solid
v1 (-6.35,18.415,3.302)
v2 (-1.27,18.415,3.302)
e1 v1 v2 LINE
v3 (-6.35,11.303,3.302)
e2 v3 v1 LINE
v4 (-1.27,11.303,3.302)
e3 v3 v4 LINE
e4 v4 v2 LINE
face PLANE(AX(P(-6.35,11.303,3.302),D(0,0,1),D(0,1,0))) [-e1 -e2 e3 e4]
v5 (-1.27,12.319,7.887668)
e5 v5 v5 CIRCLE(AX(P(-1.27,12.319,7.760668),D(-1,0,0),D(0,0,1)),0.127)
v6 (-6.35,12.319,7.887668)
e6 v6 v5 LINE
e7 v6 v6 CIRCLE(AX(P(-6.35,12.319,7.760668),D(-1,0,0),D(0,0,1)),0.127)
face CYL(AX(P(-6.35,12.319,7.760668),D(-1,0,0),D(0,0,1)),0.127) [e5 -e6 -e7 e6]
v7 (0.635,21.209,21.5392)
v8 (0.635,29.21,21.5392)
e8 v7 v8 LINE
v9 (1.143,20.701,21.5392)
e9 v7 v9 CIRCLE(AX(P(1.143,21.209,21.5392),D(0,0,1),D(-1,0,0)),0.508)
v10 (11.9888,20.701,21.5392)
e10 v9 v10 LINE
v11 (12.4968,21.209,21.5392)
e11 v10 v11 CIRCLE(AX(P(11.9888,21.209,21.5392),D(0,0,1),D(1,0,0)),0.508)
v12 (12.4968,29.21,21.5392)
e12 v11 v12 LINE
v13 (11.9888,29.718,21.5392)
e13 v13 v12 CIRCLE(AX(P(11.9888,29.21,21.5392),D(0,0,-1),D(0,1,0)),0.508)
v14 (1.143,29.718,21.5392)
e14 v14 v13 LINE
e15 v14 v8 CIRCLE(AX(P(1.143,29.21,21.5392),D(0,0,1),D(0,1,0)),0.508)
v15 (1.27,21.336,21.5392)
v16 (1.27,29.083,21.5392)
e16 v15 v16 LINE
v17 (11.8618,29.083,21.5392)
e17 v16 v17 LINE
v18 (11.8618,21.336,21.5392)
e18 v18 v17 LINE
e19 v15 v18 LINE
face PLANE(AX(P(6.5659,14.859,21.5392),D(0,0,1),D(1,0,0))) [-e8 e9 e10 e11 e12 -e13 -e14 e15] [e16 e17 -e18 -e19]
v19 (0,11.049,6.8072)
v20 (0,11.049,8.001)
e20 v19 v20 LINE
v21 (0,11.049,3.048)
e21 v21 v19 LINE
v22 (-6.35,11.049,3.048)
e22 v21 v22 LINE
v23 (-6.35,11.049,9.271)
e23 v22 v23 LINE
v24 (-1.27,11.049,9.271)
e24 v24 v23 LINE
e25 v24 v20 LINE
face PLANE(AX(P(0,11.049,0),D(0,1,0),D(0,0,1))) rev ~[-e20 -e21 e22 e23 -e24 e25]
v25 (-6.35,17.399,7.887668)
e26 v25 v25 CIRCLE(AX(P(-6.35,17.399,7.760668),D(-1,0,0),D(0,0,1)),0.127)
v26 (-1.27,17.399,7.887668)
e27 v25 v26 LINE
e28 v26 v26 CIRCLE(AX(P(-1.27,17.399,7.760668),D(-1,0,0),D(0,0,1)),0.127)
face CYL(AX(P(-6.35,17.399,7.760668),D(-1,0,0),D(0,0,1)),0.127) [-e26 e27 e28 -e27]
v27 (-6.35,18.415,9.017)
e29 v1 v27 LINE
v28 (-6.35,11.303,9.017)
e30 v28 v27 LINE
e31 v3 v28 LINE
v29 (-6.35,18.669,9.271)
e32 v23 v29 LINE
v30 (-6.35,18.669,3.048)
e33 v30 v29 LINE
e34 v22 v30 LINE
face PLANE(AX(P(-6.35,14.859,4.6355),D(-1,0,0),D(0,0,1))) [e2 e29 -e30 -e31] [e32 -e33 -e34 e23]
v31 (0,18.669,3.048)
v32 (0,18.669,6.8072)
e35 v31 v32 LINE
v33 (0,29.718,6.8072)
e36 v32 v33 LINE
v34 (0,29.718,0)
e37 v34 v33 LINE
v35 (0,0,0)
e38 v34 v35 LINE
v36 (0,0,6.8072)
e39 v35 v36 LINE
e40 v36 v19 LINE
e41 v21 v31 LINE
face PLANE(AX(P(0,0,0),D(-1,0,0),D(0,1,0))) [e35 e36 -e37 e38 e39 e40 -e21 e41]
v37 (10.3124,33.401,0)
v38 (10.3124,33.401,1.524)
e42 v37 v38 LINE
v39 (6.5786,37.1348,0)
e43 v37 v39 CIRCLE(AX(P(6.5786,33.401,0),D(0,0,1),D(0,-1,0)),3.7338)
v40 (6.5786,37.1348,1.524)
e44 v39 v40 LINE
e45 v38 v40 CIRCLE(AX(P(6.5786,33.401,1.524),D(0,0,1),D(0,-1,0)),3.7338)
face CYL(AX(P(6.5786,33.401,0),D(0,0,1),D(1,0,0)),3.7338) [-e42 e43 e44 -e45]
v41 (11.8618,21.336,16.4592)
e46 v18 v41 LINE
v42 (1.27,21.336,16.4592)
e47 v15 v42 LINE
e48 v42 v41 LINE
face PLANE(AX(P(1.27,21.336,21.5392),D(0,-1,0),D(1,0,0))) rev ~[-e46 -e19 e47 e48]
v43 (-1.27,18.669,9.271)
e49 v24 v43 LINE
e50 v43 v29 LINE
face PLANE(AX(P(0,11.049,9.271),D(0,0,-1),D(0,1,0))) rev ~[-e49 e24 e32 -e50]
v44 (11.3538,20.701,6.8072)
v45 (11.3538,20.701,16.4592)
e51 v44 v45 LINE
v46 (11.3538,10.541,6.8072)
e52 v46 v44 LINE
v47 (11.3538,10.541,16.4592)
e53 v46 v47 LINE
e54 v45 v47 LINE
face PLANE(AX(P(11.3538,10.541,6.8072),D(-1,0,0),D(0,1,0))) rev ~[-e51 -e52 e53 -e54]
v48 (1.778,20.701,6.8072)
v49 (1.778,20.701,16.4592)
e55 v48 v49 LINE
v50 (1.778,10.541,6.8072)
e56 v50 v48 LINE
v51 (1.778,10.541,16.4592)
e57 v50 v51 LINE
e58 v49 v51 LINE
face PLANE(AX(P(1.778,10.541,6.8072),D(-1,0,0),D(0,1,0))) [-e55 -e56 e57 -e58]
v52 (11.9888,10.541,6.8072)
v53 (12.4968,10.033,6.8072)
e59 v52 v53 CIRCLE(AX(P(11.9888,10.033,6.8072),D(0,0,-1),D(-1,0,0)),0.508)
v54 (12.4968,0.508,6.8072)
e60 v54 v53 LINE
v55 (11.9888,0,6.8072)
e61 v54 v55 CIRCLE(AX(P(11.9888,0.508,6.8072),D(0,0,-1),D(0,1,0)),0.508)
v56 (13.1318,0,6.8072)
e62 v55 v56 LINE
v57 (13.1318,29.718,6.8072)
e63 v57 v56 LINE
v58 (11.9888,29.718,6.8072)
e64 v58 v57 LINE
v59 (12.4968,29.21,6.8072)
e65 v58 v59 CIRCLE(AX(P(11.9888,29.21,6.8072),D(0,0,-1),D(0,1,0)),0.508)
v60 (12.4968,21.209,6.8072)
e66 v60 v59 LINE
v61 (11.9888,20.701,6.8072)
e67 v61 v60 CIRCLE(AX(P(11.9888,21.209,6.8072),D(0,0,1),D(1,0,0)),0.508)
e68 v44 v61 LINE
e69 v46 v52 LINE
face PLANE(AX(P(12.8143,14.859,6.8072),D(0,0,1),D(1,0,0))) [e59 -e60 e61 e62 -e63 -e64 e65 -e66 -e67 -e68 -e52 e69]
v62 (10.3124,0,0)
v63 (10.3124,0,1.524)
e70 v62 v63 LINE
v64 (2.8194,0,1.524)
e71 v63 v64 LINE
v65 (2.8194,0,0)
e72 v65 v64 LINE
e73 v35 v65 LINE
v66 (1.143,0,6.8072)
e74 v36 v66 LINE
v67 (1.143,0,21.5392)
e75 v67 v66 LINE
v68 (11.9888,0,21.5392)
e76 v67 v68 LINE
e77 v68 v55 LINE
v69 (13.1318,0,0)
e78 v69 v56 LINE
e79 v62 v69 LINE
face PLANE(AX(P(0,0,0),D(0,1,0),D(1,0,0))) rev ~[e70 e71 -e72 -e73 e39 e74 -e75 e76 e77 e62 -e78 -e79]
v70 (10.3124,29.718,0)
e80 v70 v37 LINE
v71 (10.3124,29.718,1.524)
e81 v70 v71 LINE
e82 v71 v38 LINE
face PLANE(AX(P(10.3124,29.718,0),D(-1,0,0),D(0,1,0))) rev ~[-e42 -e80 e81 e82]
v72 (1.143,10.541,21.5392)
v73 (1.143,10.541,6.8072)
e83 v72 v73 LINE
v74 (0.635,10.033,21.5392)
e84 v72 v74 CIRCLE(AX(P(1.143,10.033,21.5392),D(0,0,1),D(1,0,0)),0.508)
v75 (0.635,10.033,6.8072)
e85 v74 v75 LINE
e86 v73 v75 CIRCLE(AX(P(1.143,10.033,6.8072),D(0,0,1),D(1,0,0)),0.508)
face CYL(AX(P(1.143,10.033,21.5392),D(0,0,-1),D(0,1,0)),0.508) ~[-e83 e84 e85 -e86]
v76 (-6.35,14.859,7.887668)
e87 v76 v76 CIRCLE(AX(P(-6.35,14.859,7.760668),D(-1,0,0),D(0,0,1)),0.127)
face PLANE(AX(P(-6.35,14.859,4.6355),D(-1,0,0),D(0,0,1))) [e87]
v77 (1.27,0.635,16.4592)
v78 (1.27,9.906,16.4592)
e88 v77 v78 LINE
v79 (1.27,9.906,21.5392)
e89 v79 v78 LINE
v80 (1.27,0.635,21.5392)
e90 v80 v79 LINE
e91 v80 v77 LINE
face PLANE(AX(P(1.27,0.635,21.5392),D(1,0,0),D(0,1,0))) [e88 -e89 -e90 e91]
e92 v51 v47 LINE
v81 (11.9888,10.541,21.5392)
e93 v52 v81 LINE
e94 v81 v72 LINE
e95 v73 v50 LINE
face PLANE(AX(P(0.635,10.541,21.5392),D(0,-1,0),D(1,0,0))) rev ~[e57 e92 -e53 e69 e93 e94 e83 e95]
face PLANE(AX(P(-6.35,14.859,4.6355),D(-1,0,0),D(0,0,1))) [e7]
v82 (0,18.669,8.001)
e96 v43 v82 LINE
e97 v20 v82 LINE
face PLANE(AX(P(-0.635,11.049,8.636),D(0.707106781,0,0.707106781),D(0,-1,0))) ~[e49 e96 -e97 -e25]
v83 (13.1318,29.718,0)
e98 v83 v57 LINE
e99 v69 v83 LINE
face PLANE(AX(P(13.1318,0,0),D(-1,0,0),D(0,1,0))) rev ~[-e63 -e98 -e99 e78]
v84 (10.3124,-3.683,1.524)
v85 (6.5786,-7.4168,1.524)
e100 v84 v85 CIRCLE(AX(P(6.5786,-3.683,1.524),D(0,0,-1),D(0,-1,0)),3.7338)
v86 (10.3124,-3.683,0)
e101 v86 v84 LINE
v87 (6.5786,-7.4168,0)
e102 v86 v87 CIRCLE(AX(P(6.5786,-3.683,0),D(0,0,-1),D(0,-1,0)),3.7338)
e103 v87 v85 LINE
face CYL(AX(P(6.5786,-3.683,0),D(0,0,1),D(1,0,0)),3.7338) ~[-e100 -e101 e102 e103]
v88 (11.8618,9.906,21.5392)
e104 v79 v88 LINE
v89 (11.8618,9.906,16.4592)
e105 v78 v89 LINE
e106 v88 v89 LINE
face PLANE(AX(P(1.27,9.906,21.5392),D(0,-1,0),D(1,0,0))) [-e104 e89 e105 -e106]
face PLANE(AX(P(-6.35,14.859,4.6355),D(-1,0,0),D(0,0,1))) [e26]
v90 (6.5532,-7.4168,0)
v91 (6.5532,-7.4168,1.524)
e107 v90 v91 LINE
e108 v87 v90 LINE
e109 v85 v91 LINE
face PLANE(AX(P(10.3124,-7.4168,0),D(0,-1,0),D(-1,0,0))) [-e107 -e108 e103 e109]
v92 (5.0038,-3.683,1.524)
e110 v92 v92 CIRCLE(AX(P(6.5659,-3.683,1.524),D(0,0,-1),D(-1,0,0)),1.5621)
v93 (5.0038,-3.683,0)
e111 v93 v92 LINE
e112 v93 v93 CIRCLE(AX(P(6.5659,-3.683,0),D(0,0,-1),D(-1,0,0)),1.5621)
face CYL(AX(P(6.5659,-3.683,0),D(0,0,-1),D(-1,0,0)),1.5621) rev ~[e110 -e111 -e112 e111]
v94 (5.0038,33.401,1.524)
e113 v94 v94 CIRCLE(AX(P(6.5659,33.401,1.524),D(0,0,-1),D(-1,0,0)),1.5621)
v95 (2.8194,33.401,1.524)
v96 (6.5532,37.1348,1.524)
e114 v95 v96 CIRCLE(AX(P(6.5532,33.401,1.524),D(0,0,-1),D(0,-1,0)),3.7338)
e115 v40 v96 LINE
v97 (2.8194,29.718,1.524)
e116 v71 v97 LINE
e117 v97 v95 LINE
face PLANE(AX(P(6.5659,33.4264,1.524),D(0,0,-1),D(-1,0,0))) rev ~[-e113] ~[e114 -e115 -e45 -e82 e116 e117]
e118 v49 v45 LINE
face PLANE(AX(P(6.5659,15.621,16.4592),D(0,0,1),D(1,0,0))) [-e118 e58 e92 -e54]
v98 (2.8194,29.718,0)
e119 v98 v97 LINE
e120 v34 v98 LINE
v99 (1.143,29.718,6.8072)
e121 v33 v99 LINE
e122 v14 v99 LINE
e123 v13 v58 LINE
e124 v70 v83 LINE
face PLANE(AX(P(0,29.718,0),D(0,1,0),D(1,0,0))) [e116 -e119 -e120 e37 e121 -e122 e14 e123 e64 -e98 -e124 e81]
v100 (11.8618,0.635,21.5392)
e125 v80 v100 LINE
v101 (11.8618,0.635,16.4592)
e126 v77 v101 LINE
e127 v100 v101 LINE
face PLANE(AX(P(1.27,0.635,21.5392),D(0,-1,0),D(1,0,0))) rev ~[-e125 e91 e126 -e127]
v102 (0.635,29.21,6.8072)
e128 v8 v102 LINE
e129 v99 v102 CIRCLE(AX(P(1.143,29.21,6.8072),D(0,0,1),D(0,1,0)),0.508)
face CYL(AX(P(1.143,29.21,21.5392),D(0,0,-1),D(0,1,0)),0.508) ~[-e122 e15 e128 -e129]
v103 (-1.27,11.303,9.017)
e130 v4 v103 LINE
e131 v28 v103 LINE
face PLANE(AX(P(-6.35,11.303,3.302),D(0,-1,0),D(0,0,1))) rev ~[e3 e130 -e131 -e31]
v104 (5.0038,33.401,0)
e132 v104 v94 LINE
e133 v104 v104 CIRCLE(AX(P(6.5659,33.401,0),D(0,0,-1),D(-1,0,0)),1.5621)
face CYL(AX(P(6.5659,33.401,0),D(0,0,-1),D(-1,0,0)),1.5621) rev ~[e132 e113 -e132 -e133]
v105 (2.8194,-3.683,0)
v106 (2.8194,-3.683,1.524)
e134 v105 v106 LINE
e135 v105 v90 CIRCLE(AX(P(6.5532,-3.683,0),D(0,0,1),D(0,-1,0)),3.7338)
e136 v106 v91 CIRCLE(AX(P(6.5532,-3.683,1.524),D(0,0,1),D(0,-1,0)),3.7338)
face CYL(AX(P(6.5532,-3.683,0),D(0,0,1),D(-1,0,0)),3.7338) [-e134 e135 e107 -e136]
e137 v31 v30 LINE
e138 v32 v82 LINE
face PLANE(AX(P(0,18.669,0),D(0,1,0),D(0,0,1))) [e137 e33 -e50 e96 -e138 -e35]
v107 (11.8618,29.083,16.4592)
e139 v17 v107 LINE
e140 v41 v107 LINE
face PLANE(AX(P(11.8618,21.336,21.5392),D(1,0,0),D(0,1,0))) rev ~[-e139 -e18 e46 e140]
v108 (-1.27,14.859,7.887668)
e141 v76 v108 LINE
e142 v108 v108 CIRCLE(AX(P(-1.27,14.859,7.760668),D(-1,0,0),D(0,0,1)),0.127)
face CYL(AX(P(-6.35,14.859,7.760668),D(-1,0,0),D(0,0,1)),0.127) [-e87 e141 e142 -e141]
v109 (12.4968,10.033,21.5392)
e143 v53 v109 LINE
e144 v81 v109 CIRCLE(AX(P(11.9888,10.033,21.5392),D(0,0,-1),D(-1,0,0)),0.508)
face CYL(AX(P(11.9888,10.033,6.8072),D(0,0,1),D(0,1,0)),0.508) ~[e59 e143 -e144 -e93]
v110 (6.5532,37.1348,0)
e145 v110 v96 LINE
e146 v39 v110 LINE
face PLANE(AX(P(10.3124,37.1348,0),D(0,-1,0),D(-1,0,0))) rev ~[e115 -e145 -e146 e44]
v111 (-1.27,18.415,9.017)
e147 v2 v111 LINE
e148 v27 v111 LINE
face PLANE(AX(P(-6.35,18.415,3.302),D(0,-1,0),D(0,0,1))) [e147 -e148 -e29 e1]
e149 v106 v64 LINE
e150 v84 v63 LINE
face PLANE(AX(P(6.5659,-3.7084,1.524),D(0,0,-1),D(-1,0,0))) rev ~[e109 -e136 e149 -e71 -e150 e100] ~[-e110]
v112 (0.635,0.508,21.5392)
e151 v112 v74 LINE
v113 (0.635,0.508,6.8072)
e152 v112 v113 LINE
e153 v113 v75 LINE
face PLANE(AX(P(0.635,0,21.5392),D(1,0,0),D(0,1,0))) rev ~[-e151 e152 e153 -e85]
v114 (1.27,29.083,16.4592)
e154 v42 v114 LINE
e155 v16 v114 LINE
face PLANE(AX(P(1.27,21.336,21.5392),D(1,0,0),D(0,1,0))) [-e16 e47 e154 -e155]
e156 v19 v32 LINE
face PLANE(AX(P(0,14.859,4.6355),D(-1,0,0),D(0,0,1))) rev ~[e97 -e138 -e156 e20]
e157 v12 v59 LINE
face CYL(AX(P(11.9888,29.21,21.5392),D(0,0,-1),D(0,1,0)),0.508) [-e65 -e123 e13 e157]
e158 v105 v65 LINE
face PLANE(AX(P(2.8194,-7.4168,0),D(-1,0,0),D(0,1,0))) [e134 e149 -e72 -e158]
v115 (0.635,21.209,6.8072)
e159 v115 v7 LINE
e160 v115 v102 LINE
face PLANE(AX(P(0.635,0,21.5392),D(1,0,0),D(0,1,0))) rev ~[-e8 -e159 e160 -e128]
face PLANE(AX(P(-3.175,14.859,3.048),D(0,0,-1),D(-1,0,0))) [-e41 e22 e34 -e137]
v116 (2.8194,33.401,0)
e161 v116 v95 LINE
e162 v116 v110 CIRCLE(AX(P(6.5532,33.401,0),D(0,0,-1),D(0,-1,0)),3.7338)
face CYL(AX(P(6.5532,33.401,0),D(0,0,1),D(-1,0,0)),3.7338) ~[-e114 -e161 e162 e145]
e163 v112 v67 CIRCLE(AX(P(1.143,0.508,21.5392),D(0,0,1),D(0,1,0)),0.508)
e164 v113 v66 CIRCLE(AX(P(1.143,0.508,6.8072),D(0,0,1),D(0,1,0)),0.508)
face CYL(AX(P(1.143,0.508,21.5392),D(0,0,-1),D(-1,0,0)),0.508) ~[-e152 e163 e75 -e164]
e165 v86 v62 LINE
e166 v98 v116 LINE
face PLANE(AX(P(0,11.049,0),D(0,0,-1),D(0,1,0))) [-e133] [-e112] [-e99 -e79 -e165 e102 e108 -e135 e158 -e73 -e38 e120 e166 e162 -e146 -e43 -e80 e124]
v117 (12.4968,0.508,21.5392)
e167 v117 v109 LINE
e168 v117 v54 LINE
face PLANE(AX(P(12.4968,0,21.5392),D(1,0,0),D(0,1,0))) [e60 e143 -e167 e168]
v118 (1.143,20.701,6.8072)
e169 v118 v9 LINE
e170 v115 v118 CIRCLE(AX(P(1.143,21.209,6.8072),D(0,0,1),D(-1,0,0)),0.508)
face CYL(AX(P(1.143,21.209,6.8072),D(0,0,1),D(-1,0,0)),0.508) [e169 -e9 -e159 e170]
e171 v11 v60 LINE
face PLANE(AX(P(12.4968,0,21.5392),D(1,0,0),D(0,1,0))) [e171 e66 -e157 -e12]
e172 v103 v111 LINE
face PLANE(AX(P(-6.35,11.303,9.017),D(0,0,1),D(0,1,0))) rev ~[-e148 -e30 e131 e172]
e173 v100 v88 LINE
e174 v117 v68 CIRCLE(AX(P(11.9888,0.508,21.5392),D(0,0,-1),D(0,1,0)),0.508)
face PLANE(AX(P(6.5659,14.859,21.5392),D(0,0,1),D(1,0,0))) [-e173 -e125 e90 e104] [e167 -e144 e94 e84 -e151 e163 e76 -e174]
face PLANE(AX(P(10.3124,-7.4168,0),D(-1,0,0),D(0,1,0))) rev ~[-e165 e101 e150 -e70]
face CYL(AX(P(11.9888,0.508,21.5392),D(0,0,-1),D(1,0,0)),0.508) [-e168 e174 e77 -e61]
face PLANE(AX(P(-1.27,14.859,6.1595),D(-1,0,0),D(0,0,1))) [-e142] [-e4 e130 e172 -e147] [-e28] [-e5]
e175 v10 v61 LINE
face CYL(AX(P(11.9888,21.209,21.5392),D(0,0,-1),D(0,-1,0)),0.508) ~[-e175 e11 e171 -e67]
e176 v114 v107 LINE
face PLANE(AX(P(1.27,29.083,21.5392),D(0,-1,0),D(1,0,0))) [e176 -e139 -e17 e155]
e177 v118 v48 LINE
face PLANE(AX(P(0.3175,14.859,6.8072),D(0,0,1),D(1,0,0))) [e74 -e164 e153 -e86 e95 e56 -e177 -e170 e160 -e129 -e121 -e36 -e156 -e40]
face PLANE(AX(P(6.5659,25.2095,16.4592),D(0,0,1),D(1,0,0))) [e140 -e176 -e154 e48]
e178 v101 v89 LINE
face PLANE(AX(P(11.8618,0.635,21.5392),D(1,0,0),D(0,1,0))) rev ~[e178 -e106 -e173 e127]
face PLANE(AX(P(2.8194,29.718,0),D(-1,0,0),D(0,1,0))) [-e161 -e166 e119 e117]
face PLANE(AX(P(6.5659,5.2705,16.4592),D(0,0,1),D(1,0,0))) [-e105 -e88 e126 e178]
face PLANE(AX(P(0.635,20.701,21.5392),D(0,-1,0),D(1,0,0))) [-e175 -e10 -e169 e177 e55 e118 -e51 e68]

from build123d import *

# Parameters (mm, degrees)
SKETCH1_W          = 13.1318
SKETCH1_H          = 29.718
EXTRUDE1_DEPTH     = 21.5392
SKETCH2_W          = 0.635
SKETCH2_H          = 29.718
CUT_EXTRUDE1_DEPTH = 14.732
SKETCH3_W          = 11.8618
SKETCH3_H          = 10.16
CUT_EXTRUDE2_DEPTH = 5.08
SKETCH5_W          = 1.778
SKETCH5_H          = 10.16
CUT_EXTRUDE3_DEPTH = 36.674017425
FILLET1_R          = 0.508
SKETCH7_W          = 7.493
SKETCH7_H          = 7.4168
EXTRUDE4_DEPTH     = 1.524
FILLET3_R          = 3.7338
SKETCH9_R          = 1.5621
CUT_EXTRUDE4_DEPTH = 1.524
SKETCH11_W         = 10.5918
SKETCH11_H         = 7.747
CUT_EXTRUDE5_DEPTH = 5.08
SKETCH12_W         = 10.5918
SKETCH12_H         = 9.271
CUT_EXTRUDE6_DEPTH = 5.08
SKETCH13_W         = 9.271
SKETCH13_H         = 7.62
EXTRUDE5_DEPTH     = 6.35
CHAMFER1_SIZE      = 1.27
SKETCH14_W         = 6.35
SKETCH14_H         = 7.62
CUT_EXTRUDE7_DEPTH = 3.048
SKETCH15_W         = 1.7272
SKETCH15_H         = 5.969
SKETCH15_W_2       = 5.715
SKETCH15_H_2       = 7.112
SKETCH15_R         = 0.127
CUT_EXTRUDE8_DEPTH = 5.08


with BuildPart() as part:
    # Sketch1 → Extrude1 (new body)
    with BuildSketch(Plane.XY):
        with Locations((6.5659, 14.859)):
            Rectangle(SKETCH1_W, SKETCH1_H)
    extrude(amount=EXTRUDE1_DEPTH)

    # Sketch2 → Cut-Extrude1 (cut)
    with BuildSketch(Plane.XY.offset(21.5392)):
        with Locations((0.3175, 14.859)):
            Rectangle(SKETCH2_W, SKETCH2_H)
        with Locations((12.8143, 14.859)):
            Rectangle(SKETCH2_W, SKETCH2_H)
    extrude(amount=-CUT_EXTRUDE1_DEPTH, mode=Mode.SUBTRACT)

    # Sketch3 → Cut-Extrude2 (cut)
    with BuildSketch(Plane.XY.offset(21.5392)):
        with Locations((6.5659, 15.621)):
            Rectangle(SKETCH3_W, SKETCH3_H)
    extrude(amount=-CUT_EXTRUDE2_DEPTH, mode=Mode.SUBTRACT)

    # Sketch5 → Cut-Extrude3 (cut, through all)
    with BuildSketch(Plane.XY.offset(6.8072)):
        with Locations((0.889, 15.621)):
            Rectangle(SKETCH5_W, SKETCH5_H)
        with Locations((12.2428, 15.621)):
            Rectangle(SKETCH5_W, SKETCH5_H)
    extrude(amount=CUT_EXTRUDE3_DEPTH, mode=Mode.SUBTRACT)

    # Fillet1
    fillet1_edges = [part.edges().sort_by_distance(p)[0] for p in [
        (0.635, 29.718, 14.1732),
        (0.635, 0, 14.1732),
        (12.4968, 0, 14.1732),
        (12.4968, 29.718, 14.1732),
        (12.4968, 20.701, 14.1732),
        (12.4968, 10.541, 14.1732),
        (0.635, 10.541, 14.1732),
        (0.635, 20.701, 14.1732),
    ]]
    fillet(fillet1_edges, radius=FILLET1_R)

    # Sketch7 → Extrude4 (add)
    with BuildSketch(Plane(origin=(0, 0, 0), x_dir=(-1, 0, 0), z_dir=(0, 0, -1))):
        with Locations((-6.5659, 33.4264)):
            Rectangle(SKETCH7_W, SKETCH7_H)
        with Locations((-6.5659, -3.7084)):
            Rectangle(SKETCH7_W, SKETCH7_H)
    extrude(amount=-EXTRUDE4_DEPTH)

    # Fillet3
    fillet3_edges = [part.edges().sort_by_distance(p)[0] for p in [
        (10.3124, 37.1348, 0.762),
        (2.8194, 37.1348, 0.762),
        (10.3124, -7.4168, 0.762),
        (2.8194, -7.4168, 0.762),
    ]]
    fillet(fillet3_edges, radius=FILLET3_R)

    # Sketch9 → Cut-Extrude4 (cut)
    with BuildSketch(Plane(origin=(0, 0, 0), x_dir=(-1, 0, 0), z_dir=(0, 0, -1))):
        with Locations((-6.5659, 33.401)):
            Circle(SKETCH9_R)
        with Locations((-6.5659, -3.683)):
            Circle(SKETCH9_R)
    extrude(amount=-CUT_EXTRUDE4_DEPTH, mode=Mode.SUBTRACT)

    # Sketch11 → Cut-Extrude5 (cut)
    with BuildSketch(Plane.XY.offset(21.5392)):
        with Locations((6.5659, 25.2095)):
            Rectangle(SKETCH11_W, SKETCH11_H)
    extrude(amount=-CUT_EXTRUDE5_DEPTH, mode=Mode.SUBTRACT)

    # Sketch12 → Cut-Extrude6 (cut)
    with BuildSketch(Plane.XY.offset(21.5392)):
        with Locations((6.5659, 5.2705)):
            Rectangle(SKETCH12_W, SKETCH12_H)
    extrude(amount=-CUT_EXTRUDE6_DEPTH, mode=Mode.SUBTRACT)

    # Sketch13 → Extrude5 (add)
    with BuildSketch(Plane.ZY):
        with Locations((4.6355, 14.859)):
            Rectangle(SKETCH13_W, SKETCH13_H)
    extrude(amount=EXTRUDE5_DEPTH)

    # Chamfer1
    chamfer1_edges = [part.edges().sort_by_distance(p)[0] for p in [
        (0, 14.859, 9.271),
    ]]
    chamfer(chamfer1_edges, length=CHAMFER1_SIZE)

    # Sketch14 → Cut-Extrude7 (cut)
    with BuildSketch(Plane(origin=(0, 0, 0), x_dir=(-1, 0, 0), z_dir=(0, 0, -1))):
        with Locations((3.175, 14.859)):
            Rectangle(SKETCH14_W, SKETCH14_H)
    extrude(amount=-CUT_EXTRUDE7_DEPTH, mode=Mode.SUBTRACT)

    # Sketch15 → Cut-Extrude8 (cut)
    # profile 1 of 2: a face of its own
    with BuildSketch(Plane.ZY.offset(6.35)):
        with Locations((3.4036, 24.1935)):
            Rectangle(SKETCH15_W, SKETCH15_H)
    # profile 2 of 2: a face of its own
    with BuildSketch(Plane.ZY.offset(6.35)):
        with Locations((6.1595, 14.859)):
            Rectangle(SKETCH15_W_2, SKETCH15_H_2)
        with Locations((7.76066841, 14.859)):
            Circle(SKETCH15_R, mode=Mode.SUBTRACT)
        with Locations((7.76066841, 17.399)):
            Circle(SKETCH15_R, mode=Mode.SUBTRACT)
        with Locations((7.76066841, 12.319)):
            Circle(SKETCH15_R, mode=Mode.SUBTRACT)
    extrude(amount=-CUT_EXTRUDE8_DEPTH, mode=Mode.SUBTRACT)


solid = part.part
